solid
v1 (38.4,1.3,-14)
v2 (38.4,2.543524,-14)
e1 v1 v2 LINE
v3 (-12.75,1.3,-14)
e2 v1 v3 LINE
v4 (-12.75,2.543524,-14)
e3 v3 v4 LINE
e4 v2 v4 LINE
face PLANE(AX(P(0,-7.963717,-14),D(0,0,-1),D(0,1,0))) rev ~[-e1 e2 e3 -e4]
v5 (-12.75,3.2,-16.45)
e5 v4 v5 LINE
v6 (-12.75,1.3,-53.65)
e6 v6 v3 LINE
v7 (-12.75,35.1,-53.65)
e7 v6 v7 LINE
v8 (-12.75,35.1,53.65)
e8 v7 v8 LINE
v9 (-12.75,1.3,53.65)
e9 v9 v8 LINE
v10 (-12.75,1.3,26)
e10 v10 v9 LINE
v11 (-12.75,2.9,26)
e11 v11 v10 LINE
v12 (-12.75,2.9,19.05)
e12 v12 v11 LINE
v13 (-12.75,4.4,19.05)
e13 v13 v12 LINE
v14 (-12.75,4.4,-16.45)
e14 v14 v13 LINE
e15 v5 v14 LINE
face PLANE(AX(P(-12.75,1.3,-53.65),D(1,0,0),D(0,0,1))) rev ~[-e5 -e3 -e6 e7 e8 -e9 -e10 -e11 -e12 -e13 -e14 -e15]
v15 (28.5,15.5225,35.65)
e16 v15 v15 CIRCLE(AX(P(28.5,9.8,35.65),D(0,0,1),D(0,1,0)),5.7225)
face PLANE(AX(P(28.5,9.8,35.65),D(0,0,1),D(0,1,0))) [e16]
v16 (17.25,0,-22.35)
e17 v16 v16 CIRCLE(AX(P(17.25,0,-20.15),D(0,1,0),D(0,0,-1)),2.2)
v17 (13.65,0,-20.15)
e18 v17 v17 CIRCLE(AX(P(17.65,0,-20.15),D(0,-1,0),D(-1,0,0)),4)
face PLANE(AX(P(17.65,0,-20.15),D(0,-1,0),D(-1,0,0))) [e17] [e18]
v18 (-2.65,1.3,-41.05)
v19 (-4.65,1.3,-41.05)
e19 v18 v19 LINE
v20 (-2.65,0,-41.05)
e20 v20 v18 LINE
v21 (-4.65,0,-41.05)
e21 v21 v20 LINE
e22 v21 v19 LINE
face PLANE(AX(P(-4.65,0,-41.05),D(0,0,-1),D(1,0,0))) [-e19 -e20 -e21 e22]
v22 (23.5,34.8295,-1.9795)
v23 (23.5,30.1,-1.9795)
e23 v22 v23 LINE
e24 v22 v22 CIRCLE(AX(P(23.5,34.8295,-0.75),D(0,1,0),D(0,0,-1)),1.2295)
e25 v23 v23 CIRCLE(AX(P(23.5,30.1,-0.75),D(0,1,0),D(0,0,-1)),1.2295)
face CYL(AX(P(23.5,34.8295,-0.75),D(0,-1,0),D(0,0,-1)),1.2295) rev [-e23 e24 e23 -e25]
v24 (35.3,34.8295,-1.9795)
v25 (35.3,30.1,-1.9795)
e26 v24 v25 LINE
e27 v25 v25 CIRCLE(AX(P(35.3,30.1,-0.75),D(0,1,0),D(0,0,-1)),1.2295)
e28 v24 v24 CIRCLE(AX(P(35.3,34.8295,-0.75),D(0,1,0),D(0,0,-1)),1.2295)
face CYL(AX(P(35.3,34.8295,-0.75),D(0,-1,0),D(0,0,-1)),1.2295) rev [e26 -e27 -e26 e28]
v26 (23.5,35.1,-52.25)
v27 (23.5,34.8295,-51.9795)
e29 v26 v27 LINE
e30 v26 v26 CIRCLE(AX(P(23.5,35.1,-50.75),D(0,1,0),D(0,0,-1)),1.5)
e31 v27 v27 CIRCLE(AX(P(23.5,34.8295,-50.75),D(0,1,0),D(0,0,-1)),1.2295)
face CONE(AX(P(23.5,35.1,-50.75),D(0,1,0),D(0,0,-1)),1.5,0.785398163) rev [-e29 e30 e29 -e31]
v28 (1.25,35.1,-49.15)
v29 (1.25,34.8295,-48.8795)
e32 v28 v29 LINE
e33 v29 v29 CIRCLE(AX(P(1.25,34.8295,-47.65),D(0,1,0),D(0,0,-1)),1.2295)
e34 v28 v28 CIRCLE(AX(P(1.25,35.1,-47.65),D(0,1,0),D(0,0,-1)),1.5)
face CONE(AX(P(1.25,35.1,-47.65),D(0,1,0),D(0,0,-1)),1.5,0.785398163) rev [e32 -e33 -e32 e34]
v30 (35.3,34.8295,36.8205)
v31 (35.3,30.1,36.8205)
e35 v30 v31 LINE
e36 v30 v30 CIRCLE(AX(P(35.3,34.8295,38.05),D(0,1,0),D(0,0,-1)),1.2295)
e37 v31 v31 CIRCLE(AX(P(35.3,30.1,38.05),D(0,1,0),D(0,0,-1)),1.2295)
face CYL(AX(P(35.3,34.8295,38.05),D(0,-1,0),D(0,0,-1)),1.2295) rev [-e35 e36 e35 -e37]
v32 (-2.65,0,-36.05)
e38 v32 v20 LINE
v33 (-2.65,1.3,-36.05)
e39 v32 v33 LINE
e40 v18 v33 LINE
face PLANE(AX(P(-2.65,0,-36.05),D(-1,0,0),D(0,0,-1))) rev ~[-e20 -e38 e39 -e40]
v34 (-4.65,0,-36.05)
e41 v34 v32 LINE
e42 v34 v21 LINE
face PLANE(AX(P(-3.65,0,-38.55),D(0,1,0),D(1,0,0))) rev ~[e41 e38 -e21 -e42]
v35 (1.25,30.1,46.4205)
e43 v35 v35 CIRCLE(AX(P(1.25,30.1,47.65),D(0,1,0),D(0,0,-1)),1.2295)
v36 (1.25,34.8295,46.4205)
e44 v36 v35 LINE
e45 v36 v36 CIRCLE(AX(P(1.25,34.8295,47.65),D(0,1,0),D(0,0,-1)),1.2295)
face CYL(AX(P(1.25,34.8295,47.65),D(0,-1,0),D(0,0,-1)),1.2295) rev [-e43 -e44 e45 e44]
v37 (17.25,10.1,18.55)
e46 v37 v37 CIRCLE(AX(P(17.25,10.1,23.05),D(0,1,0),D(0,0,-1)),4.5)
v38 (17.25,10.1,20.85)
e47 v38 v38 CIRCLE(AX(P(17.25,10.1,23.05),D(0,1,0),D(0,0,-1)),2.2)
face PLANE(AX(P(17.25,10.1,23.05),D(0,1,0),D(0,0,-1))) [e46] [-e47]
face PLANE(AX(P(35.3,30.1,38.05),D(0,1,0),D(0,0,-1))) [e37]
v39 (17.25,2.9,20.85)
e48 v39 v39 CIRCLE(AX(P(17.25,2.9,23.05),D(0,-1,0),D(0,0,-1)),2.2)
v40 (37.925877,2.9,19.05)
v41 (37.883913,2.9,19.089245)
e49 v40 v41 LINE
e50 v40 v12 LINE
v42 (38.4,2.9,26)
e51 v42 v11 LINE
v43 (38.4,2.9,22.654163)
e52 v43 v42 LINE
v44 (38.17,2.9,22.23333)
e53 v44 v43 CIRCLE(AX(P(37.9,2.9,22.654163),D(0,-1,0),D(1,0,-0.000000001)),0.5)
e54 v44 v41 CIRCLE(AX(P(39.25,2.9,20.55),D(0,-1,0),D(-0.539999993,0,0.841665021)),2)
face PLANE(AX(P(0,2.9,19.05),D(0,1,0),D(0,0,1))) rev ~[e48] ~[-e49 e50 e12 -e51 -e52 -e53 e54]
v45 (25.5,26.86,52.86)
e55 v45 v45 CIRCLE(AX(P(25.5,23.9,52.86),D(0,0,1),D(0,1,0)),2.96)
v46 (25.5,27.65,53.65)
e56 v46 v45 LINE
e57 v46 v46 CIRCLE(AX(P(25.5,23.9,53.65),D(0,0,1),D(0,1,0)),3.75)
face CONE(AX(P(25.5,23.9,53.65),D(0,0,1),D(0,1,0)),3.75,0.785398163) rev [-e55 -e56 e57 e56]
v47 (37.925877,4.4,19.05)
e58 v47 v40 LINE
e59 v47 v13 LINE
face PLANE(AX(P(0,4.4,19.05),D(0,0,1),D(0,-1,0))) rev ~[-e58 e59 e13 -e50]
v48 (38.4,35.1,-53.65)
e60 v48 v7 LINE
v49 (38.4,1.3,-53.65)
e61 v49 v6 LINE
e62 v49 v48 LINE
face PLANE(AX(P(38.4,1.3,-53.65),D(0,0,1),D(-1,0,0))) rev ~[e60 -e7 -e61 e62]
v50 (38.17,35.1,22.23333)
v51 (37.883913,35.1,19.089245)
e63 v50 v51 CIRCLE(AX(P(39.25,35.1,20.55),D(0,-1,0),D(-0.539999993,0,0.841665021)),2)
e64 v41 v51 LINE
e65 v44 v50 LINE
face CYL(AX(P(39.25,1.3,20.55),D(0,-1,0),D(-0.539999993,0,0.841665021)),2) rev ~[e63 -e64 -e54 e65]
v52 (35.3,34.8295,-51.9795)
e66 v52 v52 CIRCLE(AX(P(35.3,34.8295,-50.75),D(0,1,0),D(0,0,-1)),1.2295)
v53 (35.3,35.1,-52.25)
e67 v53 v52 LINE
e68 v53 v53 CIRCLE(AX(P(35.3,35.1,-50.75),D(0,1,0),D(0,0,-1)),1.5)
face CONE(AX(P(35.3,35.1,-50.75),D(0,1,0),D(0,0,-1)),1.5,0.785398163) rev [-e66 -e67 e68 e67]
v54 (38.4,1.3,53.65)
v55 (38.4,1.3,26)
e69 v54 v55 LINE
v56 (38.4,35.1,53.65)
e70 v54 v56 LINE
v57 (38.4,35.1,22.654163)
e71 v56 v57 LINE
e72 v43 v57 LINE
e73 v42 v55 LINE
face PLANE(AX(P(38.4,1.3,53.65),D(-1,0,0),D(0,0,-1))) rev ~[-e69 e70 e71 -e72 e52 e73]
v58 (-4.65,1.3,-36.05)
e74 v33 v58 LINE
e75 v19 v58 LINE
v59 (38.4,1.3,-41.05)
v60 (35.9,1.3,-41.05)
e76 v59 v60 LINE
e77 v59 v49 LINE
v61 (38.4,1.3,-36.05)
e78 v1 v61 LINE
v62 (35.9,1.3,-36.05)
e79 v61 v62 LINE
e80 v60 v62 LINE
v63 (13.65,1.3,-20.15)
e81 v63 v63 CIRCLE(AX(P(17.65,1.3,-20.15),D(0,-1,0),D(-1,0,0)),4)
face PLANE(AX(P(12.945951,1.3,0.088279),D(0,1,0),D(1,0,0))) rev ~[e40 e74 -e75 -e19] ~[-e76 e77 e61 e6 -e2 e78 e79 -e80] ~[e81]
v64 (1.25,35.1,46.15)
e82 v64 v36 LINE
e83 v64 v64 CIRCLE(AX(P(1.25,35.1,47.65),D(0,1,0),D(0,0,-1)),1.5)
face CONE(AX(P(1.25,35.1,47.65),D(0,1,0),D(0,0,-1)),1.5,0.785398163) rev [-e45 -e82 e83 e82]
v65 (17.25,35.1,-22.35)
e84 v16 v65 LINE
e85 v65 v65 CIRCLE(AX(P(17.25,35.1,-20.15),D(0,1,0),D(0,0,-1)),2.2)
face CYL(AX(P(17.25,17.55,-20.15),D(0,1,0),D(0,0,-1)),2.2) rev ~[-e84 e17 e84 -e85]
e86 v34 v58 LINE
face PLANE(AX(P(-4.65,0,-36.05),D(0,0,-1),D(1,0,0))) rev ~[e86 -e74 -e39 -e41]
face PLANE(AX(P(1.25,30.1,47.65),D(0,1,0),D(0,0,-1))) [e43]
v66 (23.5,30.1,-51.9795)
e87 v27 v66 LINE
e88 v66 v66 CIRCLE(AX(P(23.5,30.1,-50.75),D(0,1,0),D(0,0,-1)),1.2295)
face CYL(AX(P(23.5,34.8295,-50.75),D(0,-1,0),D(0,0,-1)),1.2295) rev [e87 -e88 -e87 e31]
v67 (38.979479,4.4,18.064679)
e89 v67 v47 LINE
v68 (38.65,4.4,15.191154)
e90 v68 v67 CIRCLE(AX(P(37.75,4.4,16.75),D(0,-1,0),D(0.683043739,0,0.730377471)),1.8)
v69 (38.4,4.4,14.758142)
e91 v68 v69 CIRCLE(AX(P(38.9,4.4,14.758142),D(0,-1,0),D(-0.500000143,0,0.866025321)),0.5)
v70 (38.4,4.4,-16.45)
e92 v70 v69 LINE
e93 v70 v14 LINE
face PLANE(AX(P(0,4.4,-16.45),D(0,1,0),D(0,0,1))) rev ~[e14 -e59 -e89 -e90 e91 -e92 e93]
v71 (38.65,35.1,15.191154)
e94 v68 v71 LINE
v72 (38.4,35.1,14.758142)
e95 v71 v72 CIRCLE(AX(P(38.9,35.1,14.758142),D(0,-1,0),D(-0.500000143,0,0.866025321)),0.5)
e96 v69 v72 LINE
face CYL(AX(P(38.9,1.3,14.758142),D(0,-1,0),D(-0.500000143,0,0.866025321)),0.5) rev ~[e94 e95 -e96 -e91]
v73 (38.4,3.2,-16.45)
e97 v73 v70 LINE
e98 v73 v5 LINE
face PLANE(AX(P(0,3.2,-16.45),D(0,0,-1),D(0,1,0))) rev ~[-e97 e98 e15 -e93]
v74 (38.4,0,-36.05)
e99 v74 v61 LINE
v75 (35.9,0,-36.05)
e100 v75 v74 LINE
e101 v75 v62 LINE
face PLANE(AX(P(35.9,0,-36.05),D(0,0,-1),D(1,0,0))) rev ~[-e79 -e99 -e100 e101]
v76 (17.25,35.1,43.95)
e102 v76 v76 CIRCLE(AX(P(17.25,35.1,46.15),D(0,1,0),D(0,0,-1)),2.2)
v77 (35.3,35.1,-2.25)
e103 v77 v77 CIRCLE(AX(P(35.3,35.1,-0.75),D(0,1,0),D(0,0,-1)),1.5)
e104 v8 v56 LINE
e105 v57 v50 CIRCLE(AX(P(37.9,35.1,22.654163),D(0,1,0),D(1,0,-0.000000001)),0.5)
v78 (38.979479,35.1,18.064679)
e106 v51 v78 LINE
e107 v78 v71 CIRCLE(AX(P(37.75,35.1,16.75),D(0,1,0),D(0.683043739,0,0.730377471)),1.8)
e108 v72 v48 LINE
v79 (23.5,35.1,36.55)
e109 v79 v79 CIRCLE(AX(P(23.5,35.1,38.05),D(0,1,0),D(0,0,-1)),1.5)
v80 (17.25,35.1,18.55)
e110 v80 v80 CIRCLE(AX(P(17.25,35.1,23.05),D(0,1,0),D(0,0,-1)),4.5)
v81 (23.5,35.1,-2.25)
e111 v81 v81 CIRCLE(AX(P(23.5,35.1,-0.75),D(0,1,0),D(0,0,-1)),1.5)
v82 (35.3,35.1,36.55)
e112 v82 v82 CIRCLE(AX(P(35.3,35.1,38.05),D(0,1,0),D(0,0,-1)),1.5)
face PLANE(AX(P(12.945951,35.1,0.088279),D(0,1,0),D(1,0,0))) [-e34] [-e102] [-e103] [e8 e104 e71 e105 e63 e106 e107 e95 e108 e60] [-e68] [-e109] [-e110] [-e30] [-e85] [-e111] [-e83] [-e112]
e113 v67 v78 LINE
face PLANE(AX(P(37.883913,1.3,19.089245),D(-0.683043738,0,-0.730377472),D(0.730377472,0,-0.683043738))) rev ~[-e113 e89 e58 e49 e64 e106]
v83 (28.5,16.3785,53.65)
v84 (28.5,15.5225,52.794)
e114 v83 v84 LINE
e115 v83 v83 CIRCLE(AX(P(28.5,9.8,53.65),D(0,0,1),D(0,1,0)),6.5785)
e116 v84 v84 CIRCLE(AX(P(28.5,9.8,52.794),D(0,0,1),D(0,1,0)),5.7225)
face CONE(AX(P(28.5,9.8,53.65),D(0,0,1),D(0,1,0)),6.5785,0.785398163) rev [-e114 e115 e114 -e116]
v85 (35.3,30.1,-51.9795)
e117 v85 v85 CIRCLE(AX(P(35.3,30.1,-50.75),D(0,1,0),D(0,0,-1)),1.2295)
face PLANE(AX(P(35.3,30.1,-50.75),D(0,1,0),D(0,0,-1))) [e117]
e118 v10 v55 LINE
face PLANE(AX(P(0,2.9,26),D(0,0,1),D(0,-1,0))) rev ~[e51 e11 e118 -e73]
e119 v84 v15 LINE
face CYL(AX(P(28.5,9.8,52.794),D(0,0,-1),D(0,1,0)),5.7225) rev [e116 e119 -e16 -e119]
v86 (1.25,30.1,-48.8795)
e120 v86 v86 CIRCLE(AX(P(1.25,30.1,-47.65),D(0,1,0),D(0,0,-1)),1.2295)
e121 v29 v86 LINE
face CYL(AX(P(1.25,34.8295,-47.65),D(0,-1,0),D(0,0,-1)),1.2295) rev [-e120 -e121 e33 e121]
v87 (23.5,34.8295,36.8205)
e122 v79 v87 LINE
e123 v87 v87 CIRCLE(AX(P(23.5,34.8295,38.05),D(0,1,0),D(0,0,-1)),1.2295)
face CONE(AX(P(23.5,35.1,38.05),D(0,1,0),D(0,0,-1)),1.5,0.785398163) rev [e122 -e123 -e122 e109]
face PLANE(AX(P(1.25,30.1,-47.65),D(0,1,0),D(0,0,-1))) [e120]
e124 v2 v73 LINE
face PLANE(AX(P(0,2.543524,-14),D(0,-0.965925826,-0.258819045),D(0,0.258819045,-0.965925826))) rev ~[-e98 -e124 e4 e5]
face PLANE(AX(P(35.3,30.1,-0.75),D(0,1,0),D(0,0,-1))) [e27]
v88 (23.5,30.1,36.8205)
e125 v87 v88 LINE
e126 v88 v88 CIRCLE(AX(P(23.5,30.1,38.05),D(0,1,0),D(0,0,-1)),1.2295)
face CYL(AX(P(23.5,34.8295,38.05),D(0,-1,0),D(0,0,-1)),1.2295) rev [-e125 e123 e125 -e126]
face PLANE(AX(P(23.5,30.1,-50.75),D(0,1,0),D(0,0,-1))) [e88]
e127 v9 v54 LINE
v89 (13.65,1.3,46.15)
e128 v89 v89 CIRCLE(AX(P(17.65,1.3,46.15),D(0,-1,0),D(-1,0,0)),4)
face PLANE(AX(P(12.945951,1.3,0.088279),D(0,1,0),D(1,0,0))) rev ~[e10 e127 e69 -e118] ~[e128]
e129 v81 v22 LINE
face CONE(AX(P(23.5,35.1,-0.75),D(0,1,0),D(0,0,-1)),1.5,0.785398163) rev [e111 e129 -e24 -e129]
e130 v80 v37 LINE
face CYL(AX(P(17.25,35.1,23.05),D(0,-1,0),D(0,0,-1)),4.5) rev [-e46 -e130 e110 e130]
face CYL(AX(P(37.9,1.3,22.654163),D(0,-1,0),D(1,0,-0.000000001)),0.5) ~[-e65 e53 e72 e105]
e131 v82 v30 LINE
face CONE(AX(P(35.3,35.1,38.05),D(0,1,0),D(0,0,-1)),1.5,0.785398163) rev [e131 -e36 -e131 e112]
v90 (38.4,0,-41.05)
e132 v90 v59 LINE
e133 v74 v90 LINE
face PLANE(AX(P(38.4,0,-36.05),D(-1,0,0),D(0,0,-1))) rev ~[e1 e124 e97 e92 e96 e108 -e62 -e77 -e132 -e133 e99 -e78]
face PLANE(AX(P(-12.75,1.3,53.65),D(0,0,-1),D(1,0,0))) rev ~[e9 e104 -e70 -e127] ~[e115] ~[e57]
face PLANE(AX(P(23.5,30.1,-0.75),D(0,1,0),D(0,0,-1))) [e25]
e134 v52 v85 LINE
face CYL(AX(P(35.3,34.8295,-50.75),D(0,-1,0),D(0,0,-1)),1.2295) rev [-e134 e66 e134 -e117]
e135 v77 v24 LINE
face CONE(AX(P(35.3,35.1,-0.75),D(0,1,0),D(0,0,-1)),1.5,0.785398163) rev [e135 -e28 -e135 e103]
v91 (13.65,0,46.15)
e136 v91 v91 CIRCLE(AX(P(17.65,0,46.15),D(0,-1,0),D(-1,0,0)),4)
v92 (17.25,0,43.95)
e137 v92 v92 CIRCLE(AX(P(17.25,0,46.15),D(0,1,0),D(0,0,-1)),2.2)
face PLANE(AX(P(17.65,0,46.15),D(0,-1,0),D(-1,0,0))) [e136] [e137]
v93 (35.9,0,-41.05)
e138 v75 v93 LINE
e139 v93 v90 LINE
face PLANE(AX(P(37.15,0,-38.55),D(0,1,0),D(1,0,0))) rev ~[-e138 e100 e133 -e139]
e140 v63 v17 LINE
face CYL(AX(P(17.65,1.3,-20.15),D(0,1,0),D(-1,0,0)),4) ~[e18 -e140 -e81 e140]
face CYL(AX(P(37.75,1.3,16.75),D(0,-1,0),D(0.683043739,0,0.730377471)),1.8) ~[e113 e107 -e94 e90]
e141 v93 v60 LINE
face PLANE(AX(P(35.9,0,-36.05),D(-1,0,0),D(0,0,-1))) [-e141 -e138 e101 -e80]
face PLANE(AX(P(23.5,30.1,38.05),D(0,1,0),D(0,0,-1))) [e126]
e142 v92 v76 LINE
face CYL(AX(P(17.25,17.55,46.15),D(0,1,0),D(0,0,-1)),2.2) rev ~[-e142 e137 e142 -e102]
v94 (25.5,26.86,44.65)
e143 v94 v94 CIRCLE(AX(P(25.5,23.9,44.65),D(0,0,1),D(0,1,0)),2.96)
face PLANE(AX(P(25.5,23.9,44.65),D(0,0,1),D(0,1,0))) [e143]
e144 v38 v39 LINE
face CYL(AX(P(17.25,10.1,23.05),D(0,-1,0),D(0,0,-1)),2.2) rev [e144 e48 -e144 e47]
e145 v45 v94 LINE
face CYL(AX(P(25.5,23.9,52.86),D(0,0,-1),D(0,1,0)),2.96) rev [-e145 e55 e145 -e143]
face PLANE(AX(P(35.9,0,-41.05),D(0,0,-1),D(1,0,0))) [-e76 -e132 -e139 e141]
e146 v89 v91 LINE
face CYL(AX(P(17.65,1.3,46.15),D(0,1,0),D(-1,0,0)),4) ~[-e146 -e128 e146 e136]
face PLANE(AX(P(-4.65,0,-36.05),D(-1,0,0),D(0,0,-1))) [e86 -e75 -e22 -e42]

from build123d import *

# Parameters (mm, degrees)
BOSS_EXTRUDE1_DEPTH     = 33.8
CUT_EXTRUDE1_DEPTH      = 40
CUT_EXTRUDE1_DEPTH_BACK = 40
SKETCH13_R              = 4
BOSS_EXTRUDE2_DEPTH     = 1.3
SKETCH14_R              = 4
BOSS_EXTRUDE3_DEPTH     = 1.3
SKETCH15_W              = 2.2
SKETCH15_H              = 35.1
SKETCH17_W              = 2.2
SKETCH17_H              = 35.1
SKETCH18_W              = 2.5
SKETCH18_H              = 5
BOSS_EXTRUDE4_DEPTH     = 1.5
SKETCH19_W              = 2
SKETCH19_H              = 5
BOSS_EXTRUDE5_DEPTH     = 1.5


with BuildPart() as part:
    # Sketch1 → Boss-Extrude1 (new body)
    with BuildSketch(Plane(origin=(0, 1.3, 0), x_dir=(1, 0, 0), z_dir=(0, 1, 0))):
        with BuildLine():
            Line((-12.75, -53.65), (38.4, -53.65))
            Line((38.4, -53.65), (38.4, -22.654162541))
            ThreePointArc((38.4, -22.654162541), (38.338748223, -22.414370972), (38.170000014, -22.233330042))
            ThreePointArc((38.170000014, -22.233330042), (37.258228535, -20.731235846), (37.883912522, -19.089245057))
            Line((37.883912522, -19.089245057), (38.97947873, -18.064679449))
            ThreePointArc((38.97947873, -18.064679449), (39.538283152, -16.544955205), (38.649999929, -15.191154232))
            ThreePointArc((38.649999929, -15.191154232), (38.466987278, -15.008141536), (38.4, -14.758141571))
            Line((38.4, -14.758141571), (38.4, 53.65))
            Line((38.4, 53.65), (-12.75, 53.65))
            Line((-12.75, 53.65), (-12.75, -53.65))
        make_face()
    extrude(amount=BOSS_EXTRUDE1_DEPTH)

    # Sketch2 → Cut-Extrude1 (cut, two sides)
    with BuildSketch(Plane(origin=(0, 0, 0), x_dir=(0, 0, -1), z_dir=(1, 0, 0))) as cut_extrude1_sk:
        Polygon((-26, 2.9), (-26, -8.174443219), (14, -7.963716906), (14, 2.543524479), (16.45, 3.2), (16.45, 4.4), (-19.05, 4.4), (-19.05, 2.9), align=None)
    extrude(amount=CUT_EXTRUDE1_DEPTH, mode=Mode.SUBTRACT)
    extrude(cut_extrude1_sk.sketch, amount=-CUT_EXTRUDE1_DEPTH_BACK, mode=Mode.SUBTRACT)

    # Sketch3 → Cut-Revolve1 (revolve, cut)
    with BuildSketch(Plane(origin=(28.5, 0, 0), x_dir=(0, 0, -1), z_dir=(1, 0, 0))):
        Polygon((-53.65, 9.8), (-53.65, 16.3785), (-52.794, 15.5225), (-35.65, 15.5225), (-35.65, 9.8), align=None)
    revolve(axis=Axis((28.5, 9.8, 35.65), (0, 0, 1)), mode=Mode.SUBTRACT)

    # Sketch4 → Cut-Revolve2 (revolve, cut)
    with BuildSketch(Plane(origin=(25.5, 0, 0), x_dir=(0, 0, -1), z_dir=(1, 0, 0))):
        Polygon((-53.65, 23.9), (-53.65, 27.65), (-52.86, 26.86), (-44.65, 26.86), (-44.65, 23.9), align=None)
    revolve(axis=Axis((25.5, 23.9, 44.65), (0, 0, 1)), mode=Mode.SUBTRACT)

    # Sketch5 → Cut-Revolve3 (revolve, cut)
    with BuildSketch(Plane(origin=(1.25, 0, 0), x_dir=(0, 0, -1), z_dir=(1, 0, 0))):
        Polygon((47.65, 35.1), (49.15, 35.1), (48.8795, 34.8295), (48.8795, 30.1), (47.65, 30.1), align=None)
    revolve(axis=Axis((1.25, 30.1, -47.65), (0, 1, 0)), mode=Mode.SUBTRACT)

    # Sketch6 → Cut-Revolve4 (revolve, cut)
    with BuildSketch(Plane(origin=(1.25, 0, 0), x_dir=(0, 0, -1), z_dir=(1, 0, 0))):
        Polygon((-47.65, 35.1), (-46.15, 35.1), (-46.4205, 34.8295), (-46.4205, 30.1), (-47.65, 30.1), align=None)
    revolve(axis=Axis((1.25, 30.1, 47.65), (0, 1, 0)), mode=Mode.SUBTRACT)

    # Sketch7 → Cut-Revolve5 (revolve, cut)
    with BuildSketch(Plane(origin=(23.5, 0, 0), x_dir=(0, 0, -1), z_dir=(1, 0, 0))):
        Polygon((-38.05, 35.1), (-36.55, 35.1), (-36.8205, 34.8295), (-36.8205, 30.1), (-38.05, 30.1), align=None)
    revolve(axis=Axis((23.5, 30.1, 38.05), (0, 1, 0)), mode=Mode.SUBTRACT)

    # Sketch8 → Cut-Revolve6 (revolve, cut)
    with BuildSketch(Plane(origin=(23.5, 0, 0), x_dir=(0, 0, -1), z_dir=(1, 0, 0))):
        Polygon((0.75, 35.1), (2.25, 35.1), (1.9795, 34.8295), (1.9795, 30.1), (0.75, 30.1), align=None)
    revolve(axis=Axis((23.5, 30.1, -0.75), (0, 1, 0)), mode=Mode.SUBTRACT)

    # Sketch9 → Cut-Revolve7 (revolve, cut)
    with BuildSketch(Plane(origin=(23.5, 0, 0), x_dir=(0, 0, -1), z_dir=(1, 0, 0))):
        Polygon((50.75, 35.1), (52.25, 35.1), (51.9795, 34.8295), (51.9795, 30.1), (50.75, 30.1), align=None)
    revolve(axis=Axis((23.5, 30.1, -50.75), (0, 1, 0)), mode=Mode.SUBTRACT)

    # Sketch10 → Cut-Revolve8 (revolve, cut)
    with BuildSketch(Plane(origin=(35.3, 0, 0), x_dir=(0, 0, -1), z_dir=(1, 0, 0))):
        Polygon((-38.05, 35.1), (-36.55, 35.1), (-36.8205, 34.8295), (-36.8205, 30.1), (-38.05, 30.1), align=None)
    revolve(axis=Axis((35.3, 30.1, 38.05), (0, 1, 0)), mode=Mode.SUBTRACT)

    # Sketch11 → Cut-Revolve9 (revolve, cut)
    with BuildSketch(Plane(origin=(35.3, 0, 0), x_dir=(0, 0, -1), z_dir=(1, 0, 0))):
        Polygon((0.75, 35.1), (2.25, 35.1), (1.9795, 34.8295), (1.9795, 30.1), (0.75, 30.1), align=None)
    revolve(axis=Axis((35.3, 30.1, -0.75), (0, 1, 0)), mode=Mode.SUBTRACT)

    # Sketch12 → Cut-Revolve10 (revolve, cut)
    with BuildSketch(Plane(origin=(35.3, 0, 0), x_dir=(0, 0, -1), z_dir=(1, 0, 0))):
        Polygon((50.75, 35.1), (52.25, 35.1), (51.9795, 34.8295), (51.9795, 30.1), (50.75, 30.1), align=None)
    revolve(axis=Axis((35.3, 30.1, -50.75), (0, 1, 0)), mode=Mode.SUBTRACT)

    # Sketch13 → Boss-Extrude2 (add)
    with BuildSketch(Plane(origin=(0, 1.3, 0), x_dir=(-1, 0, 0), z_dir=(0, -1, 0))):
        with Locations((-17.65, -46.15)):
            Circle(SKETCH13_R)
    extrude(amount=BOSS_EXTRUDE2_DEPTH)

    # Sketch14 → Boss-Extrude3 (add)
    with BuildSketch(Plane(origin=(0, 1.3, 0), x_dir=(-1, 0, 0), z_dir=(0, -1, 0))):
        with Locations((-17.65, 20.15)):
            Circle(SKETCH14_R)
    extrude(amount=BOSS_EXTRUDE3_DEPTH)

    # Sketch15 → Cut-Revolve11 (revolve, cut)
    with BuildSketch(Plane(origin=(17.25, 0, 0), x_dir=(0, 0, -1), z_dir=(1, 0, 0))):
        with Locations((-45.05, 17.55)):
            Rectangle(SKETCH15_W, SKETCH15_H)
    revolve(axis=Axis((17.25, 0, 46.15), (0, 1, 0)), mode=Mode.SUBTRACT)

    # Sketch16 → Cut-Revolve12 (revolve, cut)
    with BuildSketch(Plane(origin=(17.25, 0, 0), x_dir=(0, 0, -1), z_dir=(1, 0, 0))):
        Polygon((-23.05, 35.1), (-18.55, 35.1), (-18.55, 10.1), (-20.85, 10.1), (-20.85, 0), (-23.05, 0), align=None)
    revolve(axis=Axis((17.25, 0, 23.05), (0, 1, 0)), mode=Mode.SUBTRACT)

    # Sketch17 → Cut-Revolve13 (revolve, cut)
    with BuildSketch(Plane(origin=(17.25, 0, 0), x_dir=(0, 0, -1), z_dir=(1, 0, 0))):
        with Locations((21.25, 17.55)):
            Rectangle(SKETCH17_W, SKETCH17_H)
    revolve(axis=Axis((17.25, 0, -20.15), (0, 1, 0)), mode=Mode.SUBTRACT)

    # Sketch18 → Boss-Extrude4 (add)
    with BuildSketch(Plane(origin=(0, 0, 0), x_dir=(1, 0, 0), z_dir=(0, 1, 0))):
        with Locations((37.15, 38.55)):
            Rectangle(SKETCH18_W, SKETCH18_H)
    extrude(amount=BOSS_EXTRUDE4_DEPTH)

    # Sketch19 → Boss-Extrude5 (add)
    with BuildSketch(Plane(origin=(0, 0, 0), x_dir=(1, 0, 0), z_dir=(0, 1, 0))):
        with Locations((-3.65, 38.55)):
            Rectangle(SKETCH19_W, SKETCH19_H)
    extrude(amount=BOSS_EXTRUDE5_DEPTH)


solid = part.part
